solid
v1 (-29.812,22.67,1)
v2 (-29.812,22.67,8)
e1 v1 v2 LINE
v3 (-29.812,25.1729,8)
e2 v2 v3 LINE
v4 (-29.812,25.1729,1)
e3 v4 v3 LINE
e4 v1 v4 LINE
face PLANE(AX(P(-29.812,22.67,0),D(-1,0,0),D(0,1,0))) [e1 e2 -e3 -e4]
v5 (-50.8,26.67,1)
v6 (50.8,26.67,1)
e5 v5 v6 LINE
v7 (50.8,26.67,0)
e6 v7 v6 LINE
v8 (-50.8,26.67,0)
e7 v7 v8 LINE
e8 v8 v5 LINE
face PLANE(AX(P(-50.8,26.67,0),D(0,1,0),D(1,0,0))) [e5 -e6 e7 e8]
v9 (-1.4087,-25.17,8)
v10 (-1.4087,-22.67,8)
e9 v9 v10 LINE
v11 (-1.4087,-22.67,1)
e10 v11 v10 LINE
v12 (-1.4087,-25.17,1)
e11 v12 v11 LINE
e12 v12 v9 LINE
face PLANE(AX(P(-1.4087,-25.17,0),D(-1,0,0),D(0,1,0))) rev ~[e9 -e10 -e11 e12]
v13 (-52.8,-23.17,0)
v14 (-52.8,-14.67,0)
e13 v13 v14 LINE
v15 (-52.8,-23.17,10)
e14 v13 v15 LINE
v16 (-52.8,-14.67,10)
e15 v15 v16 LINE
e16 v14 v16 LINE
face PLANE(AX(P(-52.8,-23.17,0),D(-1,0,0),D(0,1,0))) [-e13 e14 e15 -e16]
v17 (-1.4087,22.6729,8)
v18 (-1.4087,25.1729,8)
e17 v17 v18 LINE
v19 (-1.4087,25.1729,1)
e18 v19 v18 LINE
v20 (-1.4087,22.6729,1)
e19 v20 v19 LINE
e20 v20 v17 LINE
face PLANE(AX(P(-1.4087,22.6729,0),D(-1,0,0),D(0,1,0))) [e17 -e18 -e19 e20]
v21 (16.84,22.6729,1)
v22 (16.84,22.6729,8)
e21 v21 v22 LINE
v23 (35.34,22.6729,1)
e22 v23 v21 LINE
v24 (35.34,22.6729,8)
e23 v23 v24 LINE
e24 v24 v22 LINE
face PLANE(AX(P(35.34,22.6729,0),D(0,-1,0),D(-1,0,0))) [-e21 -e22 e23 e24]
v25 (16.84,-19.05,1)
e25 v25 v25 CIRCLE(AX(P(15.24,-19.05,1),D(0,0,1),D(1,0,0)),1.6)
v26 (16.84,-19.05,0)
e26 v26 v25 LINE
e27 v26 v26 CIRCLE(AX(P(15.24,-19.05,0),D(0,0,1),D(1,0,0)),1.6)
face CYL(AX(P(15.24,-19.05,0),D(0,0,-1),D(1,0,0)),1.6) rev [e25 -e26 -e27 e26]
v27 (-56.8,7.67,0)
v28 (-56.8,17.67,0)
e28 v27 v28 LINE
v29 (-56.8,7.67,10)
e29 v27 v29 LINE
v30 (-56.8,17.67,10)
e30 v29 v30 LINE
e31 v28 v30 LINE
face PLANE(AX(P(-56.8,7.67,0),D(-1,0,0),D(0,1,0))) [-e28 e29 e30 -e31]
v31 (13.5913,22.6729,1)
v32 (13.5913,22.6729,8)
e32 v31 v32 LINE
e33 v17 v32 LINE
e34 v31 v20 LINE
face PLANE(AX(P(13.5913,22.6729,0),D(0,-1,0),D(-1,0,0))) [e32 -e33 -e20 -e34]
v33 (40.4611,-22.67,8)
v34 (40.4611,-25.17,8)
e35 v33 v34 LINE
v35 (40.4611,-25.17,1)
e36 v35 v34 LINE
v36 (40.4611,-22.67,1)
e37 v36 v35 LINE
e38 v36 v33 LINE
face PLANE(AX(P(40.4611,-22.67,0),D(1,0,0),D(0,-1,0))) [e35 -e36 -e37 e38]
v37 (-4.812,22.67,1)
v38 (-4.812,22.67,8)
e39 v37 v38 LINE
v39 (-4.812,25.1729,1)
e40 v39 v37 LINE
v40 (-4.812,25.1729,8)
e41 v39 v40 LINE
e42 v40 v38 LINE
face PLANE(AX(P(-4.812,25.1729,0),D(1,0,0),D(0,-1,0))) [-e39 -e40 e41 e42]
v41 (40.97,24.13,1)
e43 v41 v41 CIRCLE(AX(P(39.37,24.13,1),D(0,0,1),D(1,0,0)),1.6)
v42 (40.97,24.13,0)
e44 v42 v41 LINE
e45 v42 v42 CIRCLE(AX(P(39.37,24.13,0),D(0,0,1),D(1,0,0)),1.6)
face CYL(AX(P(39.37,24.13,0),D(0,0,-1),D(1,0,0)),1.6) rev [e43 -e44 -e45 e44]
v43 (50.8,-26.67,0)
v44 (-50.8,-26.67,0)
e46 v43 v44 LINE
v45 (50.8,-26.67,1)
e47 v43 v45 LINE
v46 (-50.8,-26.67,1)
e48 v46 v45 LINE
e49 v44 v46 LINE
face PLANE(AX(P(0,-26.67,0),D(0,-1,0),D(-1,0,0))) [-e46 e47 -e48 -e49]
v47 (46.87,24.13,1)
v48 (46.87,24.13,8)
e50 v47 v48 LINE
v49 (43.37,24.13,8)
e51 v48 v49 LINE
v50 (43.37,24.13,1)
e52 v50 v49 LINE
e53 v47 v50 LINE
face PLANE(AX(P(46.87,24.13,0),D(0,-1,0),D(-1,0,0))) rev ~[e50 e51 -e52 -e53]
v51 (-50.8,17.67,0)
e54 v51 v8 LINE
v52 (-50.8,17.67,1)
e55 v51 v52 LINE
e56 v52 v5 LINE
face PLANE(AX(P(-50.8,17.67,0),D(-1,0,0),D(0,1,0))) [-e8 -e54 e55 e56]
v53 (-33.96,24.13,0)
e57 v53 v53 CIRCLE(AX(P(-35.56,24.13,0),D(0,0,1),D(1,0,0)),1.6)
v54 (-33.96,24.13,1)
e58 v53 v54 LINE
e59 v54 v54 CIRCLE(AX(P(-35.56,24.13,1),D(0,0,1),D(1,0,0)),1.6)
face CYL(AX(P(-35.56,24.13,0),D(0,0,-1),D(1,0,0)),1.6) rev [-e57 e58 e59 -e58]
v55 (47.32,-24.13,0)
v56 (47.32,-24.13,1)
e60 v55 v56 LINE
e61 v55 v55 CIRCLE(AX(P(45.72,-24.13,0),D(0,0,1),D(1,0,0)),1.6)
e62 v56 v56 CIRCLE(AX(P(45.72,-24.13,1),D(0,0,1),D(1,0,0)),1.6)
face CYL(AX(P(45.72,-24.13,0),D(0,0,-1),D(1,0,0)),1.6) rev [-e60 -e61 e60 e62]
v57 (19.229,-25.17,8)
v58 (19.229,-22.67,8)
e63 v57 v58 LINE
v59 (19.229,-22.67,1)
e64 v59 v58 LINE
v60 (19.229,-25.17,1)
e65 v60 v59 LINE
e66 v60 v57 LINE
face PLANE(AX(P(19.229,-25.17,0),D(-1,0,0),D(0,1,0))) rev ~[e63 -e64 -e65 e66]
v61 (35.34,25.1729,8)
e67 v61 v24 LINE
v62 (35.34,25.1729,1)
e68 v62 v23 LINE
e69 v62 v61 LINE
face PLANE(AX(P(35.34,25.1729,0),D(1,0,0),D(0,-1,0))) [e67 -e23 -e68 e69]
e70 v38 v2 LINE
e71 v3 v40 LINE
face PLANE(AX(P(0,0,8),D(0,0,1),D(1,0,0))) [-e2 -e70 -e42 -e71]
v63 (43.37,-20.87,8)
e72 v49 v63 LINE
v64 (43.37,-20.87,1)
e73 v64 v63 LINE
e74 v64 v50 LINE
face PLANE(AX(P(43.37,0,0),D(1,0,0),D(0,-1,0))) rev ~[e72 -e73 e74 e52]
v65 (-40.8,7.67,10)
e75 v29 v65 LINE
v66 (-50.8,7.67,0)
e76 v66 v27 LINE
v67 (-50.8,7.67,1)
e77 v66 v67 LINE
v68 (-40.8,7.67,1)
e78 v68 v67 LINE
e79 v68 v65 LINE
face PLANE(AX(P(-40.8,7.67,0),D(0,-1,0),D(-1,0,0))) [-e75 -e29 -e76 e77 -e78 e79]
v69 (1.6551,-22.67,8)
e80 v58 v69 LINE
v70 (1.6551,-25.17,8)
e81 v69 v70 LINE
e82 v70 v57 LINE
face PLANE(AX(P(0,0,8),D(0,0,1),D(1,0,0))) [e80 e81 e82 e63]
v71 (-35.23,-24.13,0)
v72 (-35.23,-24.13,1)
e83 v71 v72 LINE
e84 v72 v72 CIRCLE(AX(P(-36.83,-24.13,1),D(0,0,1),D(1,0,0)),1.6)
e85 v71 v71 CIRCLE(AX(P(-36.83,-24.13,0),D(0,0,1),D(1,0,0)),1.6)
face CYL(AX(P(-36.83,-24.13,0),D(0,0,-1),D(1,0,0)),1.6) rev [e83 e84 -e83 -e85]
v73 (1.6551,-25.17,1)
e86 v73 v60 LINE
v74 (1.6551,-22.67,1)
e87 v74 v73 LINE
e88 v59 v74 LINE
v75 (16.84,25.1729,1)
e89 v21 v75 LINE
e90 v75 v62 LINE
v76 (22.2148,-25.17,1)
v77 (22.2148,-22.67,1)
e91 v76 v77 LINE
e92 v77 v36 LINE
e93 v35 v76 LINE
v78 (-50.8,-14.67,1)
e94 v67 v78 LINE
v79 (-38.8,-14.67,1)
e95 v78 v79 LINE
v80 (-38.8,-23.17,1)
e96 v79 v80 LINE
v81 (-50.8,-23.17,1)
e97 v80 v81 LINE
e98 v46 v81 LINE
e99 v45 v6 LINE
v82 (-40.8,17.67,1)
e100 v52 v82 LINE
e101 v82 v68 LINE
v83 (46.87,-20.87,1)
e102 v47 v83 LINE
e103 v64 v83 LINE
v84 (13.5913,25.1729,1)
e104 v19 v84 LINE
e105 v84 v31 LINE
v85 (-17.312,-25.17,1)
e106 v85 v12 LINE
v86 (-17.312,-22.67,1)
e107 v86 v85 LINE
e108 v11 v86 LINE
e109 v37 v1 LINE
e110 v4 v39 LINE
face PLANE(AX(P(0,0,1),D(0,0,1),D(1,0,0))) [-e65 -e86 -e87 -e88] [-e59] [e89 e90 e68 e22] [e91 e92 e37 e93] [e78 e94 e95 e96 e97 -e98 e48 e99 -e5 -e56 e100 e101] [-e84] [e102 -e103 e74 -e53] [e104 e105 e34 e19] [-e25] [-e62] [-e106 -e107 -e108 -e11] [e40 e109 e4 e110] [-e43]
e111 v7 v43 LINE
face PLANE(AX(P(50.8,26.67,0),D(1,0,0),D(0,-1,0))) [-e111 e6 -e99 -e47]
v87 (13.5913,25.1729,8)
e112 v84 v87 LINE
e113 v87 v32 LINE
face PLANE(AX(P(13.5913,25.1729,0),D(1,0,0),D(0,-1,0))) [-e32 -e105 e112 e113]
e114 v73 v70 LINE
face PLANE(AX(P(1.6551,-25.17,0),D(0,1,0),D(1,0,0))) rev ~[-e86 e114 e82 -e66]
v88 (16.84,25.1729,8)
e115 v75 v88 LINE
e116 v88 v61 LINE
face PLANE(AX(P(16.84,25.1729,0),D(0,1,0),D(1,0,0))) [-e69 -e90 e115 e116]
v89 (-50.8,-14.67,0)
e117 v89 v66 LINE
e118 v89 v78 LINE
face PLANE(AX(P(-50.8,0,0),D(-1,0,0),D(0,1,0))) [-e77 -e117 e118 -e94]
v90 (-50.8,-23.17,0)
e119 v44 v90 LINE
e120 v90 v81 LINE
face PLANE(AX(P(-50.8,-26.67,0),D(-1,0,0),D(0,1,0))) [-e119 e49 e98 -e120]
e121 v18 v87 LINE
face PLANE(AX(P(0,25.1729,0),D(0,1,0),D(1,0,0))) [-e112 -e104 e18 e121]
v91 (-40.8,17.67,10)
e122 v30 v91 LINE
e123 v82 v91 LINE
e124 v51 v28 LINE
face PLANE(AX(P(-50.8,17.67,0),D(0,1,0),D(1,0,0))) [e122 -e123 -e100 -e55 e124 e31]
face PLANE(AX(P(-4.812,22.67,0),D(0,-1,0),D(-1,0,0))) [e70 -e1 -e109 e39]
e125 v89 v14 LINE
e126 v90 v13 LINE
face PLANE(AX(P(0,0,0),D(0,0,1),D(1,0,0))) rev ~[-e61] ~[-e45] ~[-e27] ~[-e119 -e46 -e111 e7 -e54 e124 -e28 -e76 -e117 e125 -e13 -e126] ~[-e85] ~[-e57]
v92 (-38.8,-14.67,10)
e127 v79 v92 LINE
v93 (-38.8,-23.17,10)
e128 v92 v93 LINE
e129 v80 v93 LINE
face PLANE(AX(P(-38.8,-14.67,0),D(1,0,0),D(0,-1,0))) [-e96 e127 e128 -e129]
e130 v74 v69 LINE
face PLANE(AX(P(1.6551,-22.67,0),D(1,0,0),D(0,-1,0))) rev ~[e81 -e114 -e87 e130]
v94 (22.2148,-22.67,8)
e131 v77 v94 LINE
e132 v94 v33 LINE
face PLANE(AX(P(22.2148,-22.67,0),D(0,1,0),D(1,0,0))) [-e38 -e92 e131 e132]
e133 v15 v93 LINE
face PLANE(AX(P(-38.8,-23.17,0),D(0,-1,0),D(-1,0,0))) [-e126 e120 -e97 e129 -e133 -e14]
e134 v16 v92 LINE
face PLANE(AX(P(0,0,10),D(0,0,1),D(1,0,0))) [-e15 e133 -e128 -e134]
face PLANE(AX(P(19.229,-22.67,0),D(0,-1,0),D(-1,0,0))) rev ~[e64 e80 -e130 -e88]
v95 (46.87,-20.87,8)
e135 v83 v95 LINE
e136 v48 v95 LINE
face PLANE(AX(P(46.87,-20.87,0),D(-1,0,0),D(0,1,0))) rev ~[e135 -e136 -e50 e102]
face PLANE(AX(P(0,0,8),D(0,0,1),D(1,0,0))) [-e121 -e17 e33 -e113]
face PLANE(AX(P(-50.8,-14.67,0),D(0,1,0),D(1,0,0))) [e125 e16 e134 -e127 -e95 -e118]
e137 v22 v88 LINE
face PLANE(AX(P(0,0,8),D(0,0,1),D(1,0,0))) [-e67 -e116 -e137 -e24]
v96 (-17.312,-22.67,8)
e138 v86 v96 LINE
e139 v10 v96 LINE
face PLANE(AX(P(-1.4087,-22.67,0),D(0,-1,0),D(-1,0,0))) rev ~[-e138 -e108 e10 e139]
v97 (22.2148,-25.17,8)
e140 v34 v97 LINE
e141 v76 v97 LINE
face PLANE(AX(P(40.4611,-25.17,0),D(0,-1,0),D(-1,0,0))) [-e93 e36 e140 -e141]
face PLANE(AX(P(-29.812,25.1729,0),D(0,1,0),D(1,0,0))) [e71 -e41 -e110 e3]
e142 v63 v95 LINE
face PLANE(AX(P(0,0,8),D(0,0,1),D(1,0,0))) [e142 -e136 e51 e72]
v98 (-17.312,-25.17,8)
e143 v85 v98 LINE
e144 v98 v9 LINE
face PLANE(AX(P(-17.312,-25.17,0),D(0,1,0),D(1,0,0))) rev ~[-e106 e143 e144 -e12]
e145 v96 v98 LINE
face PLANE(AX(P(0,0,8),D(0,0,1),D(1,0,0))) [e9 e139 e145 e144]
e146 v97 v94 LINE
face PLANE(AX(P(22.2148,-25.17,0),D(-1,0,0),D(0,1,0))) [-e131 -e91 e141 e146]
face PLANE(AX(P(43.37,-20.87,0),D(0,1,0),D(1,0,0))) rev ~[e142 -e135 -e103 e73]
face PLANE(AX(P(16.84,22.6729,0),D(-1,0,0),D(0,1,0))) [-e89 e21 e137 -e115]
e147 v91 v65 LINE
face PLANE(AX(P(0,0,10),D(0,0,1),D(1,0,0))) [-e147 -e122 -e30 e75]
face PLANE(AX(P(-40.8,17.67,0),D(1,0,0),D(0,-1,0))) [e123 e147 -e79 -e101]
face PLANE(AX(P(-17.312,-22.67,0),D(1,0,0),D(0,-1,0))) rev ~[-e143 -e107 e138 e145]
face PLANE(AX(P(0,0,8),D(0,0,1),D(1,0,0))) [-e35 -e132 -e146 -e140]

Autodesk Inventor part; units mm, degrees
ref_plane "YZ Plane" through (0, 0, 0) normal (1, 0, 0) x (0, 1, 0)
ref_plane "XZ Plane" through (0, 0, 0) normal (0, 1, 0) x (-1, 0, 0)
ref_plane "XY Plane" through (0, 0, 0) normal (0, 0, 1) x (1, 0, 0)
sketch "Skizze1" plane through (0, 0, 0) normal (0, 0, 1) x (1, 0, 0)
  line L0 (-50.8, 26.67) -> (50.8, 26.67)
  line L1 (50.8, 26.67) -> (50.8, -26.67)
  line L2 (50.8, -26.67) -> (-50.8, -26.67)
  line L3 (-50.8, -26.67) -> (-50.8, 26.67)
  line L4 (0, -37.338) -> (0, 37.338) projected
  line L5 (-78.32, 0) -> (72.32, 0) projected
  circle A0 centre (-35.56, 24.13) radius 1.6
  circle A1 centre (-36.83, -24.13) radius 1.6
  circle A2 centre (39.37, 24.13) radius 1.6
  circle A3 centre (45.72, -24.13) radius 1.6
  circle A4 centre (15.24, -19.05) radius 1.6
  line L6 (-29.812, 25.1729) -> (-4.812, 25.1729)
  line L7 (-4.812, 25.1729) -> (-4.812, 22.67)
  line L8 (-4.812, 22.67) -> (-29.812, 22.67)
  line L9 (-29.812, 22.67) -> (-29.812, 25.1729)
  line L10 (-1.4087, 25.1729) -> (13.5913, 25.1729)
  line L11 (13.5913, 25.1729) -> (13.5913, 22.6729)
  line L12 (13.5913, 22.6729) -> (-1.4087, 22.6729)
  line L13 (-1.4087, 22.6729) -> (-1.4087, 25.1729)
  line L14 (16.84, 25.1729) -> (35.34, 25.1729)
  line L15 (35.34, 25.1729) -> (35.34, 22.6729)
  line L16 (35.34, 22.6729) -> (16.84, 22.6729)
  line L17 (16.84, 22.6729) -> (16.84, 25.1729)
  line L18 (46.87, 24.13) -> (43.37, 24.13)
  line L19 (43.37, 24.13) -> (43.37, -20.87)
  line L20 (43.37, -20.87) -> (46.87, -20.87)
  line L21 (46.87, -20.87) -> (46.87, 24.13)
  line L22 (40.4611, -25.17) -> (22.2148, -25.17)
  line L23 (22.2148, -25.17) -> (22.2148, -22.67)
  line L24 (22.2148, -22.67) -> (40.4611, -22.67)
  line L25 (40.4611, -22.67) -> (40.4611, -25.17)
  line L26 (19.229, -22.67) -> (1.6551, -22.67)
  line L27 (1.6551, -22.67) -> (1.6551, -25.17)
  line L28 (1.6551, -25.17) -> (19.229, -25.17)
  line L29 (19.229, -25.17) -> (19.229, -22.67)
  line L30 (-1.4087, -22.67) -> (-17.312, -22.67)
  line L31 (-17.312, -22.67) -> (-17.312, -25.17)
  line L32 (-17.312, -25.17) -> (-1.4087, -25.17)
  line L33 (-1.4087, -25.17) -> (-1.4087, -22.67)
  line L34 (-56.8, 17.67) -> (-40.8, 17.67)
  line L35 (-40.8, 17.67) -> (-40.8, 7.67)
  line L36 (-40.8, 7.67) -> (-56.8, 7.67)
  line L37 (-56.8, 7.67) -> (-56.8, 17.67)
  line L38 (-52.8, -14.67) -> (-38.8, -14.67)
  line L39 (-38.8, -14.67) -> (-38.8, -23.17)
  line L40 (-38.8, -23.17) -> (-52.8, -23.17)
  line L41 (-52.8, -23.17) -> (-52.8, -14.67)
  point P0 (0, 0)
  point P1 (-50.8, 17.67)
  point P2 (-50.8, 7.67)
  point P3 (-50.8, -14.67)
  point P4 (-50.8, -23.17)
  dimension "d0" = 101.6
  dimension "d1" = 53.34
  dimension "d2" = 3.2
  dimension "d3" = 15.24
  dimension "d4" = 3.2
  dimension "d5" = 13.97
  dimension "d6" = 2.54
  dimension "d7" = 48.26
  dimension "d8" = 3.2
  dimension "d9" = 90.17
  dimension "d10" = 3.2
  dimension "d11" = 96.52
  dimension "d12" = 3.2
  dimension "d13" = 66.04
  dimension "d14" = 7.62
  dimension "d15" = 25
  dimension "d16" = 4
  dimension "d17" = 15
  dimension "d18" = 2.5
  dimension "d19" = 18.5
  dimension "d20" = 3.5
  dimension "d21" = 45
  dimension "d22" = 4
  dimension "d23" = 2.5
  dimension "d24" = 4
  dimension "d25" = 9
  dimension "d26" = 10
  dimension "d27" = 16
  dimension "d28" = 6
  dimension "d29" = 8.5
  dimension "d30" = 3.5
  dimension "d31" = 14
  dimension "d32" = 2
extrude "Extrusion1" add sketch "Skizze1" along normal blind 1 contours L0 L4 L10 L13 L12 L5 L3 L36 L35 L34 | L0 L1 L5 L21 L18 L19 L4 L12 L11 L10 | L1 L2 L4 L5 L19 L20 L21 | L5 L4 L2 L3 L40 L39 L38
extrude "Extrusion2" add sketch "Skizze1" along normal blind 8 contours L10 L11 L12 L4 | L4 L12 L13 L10 | L6 L7 L8 L9 | L14 L15 L16 L17 | L22 L23 L24 L25 | L29 L28 L27 L26 | L33 L32 L31 L30
extrude "Extrusion3" add sketch "Skizze1" along normal blind 8 contours L21 L20 L19 L5 | L5 L19 L18 L21
extrude "Extrusion5" add sketch "Skizze1" along normal blind 10 contours L34 L35 L36 L3 | L3 L36 L37 L34
extrude "Extrusion6" add sketch "Skizze1" along normal blind 10 contours L38 L39 L40 L3 | L3 L40 L41 L38
properties part number "ArduinoMega"
